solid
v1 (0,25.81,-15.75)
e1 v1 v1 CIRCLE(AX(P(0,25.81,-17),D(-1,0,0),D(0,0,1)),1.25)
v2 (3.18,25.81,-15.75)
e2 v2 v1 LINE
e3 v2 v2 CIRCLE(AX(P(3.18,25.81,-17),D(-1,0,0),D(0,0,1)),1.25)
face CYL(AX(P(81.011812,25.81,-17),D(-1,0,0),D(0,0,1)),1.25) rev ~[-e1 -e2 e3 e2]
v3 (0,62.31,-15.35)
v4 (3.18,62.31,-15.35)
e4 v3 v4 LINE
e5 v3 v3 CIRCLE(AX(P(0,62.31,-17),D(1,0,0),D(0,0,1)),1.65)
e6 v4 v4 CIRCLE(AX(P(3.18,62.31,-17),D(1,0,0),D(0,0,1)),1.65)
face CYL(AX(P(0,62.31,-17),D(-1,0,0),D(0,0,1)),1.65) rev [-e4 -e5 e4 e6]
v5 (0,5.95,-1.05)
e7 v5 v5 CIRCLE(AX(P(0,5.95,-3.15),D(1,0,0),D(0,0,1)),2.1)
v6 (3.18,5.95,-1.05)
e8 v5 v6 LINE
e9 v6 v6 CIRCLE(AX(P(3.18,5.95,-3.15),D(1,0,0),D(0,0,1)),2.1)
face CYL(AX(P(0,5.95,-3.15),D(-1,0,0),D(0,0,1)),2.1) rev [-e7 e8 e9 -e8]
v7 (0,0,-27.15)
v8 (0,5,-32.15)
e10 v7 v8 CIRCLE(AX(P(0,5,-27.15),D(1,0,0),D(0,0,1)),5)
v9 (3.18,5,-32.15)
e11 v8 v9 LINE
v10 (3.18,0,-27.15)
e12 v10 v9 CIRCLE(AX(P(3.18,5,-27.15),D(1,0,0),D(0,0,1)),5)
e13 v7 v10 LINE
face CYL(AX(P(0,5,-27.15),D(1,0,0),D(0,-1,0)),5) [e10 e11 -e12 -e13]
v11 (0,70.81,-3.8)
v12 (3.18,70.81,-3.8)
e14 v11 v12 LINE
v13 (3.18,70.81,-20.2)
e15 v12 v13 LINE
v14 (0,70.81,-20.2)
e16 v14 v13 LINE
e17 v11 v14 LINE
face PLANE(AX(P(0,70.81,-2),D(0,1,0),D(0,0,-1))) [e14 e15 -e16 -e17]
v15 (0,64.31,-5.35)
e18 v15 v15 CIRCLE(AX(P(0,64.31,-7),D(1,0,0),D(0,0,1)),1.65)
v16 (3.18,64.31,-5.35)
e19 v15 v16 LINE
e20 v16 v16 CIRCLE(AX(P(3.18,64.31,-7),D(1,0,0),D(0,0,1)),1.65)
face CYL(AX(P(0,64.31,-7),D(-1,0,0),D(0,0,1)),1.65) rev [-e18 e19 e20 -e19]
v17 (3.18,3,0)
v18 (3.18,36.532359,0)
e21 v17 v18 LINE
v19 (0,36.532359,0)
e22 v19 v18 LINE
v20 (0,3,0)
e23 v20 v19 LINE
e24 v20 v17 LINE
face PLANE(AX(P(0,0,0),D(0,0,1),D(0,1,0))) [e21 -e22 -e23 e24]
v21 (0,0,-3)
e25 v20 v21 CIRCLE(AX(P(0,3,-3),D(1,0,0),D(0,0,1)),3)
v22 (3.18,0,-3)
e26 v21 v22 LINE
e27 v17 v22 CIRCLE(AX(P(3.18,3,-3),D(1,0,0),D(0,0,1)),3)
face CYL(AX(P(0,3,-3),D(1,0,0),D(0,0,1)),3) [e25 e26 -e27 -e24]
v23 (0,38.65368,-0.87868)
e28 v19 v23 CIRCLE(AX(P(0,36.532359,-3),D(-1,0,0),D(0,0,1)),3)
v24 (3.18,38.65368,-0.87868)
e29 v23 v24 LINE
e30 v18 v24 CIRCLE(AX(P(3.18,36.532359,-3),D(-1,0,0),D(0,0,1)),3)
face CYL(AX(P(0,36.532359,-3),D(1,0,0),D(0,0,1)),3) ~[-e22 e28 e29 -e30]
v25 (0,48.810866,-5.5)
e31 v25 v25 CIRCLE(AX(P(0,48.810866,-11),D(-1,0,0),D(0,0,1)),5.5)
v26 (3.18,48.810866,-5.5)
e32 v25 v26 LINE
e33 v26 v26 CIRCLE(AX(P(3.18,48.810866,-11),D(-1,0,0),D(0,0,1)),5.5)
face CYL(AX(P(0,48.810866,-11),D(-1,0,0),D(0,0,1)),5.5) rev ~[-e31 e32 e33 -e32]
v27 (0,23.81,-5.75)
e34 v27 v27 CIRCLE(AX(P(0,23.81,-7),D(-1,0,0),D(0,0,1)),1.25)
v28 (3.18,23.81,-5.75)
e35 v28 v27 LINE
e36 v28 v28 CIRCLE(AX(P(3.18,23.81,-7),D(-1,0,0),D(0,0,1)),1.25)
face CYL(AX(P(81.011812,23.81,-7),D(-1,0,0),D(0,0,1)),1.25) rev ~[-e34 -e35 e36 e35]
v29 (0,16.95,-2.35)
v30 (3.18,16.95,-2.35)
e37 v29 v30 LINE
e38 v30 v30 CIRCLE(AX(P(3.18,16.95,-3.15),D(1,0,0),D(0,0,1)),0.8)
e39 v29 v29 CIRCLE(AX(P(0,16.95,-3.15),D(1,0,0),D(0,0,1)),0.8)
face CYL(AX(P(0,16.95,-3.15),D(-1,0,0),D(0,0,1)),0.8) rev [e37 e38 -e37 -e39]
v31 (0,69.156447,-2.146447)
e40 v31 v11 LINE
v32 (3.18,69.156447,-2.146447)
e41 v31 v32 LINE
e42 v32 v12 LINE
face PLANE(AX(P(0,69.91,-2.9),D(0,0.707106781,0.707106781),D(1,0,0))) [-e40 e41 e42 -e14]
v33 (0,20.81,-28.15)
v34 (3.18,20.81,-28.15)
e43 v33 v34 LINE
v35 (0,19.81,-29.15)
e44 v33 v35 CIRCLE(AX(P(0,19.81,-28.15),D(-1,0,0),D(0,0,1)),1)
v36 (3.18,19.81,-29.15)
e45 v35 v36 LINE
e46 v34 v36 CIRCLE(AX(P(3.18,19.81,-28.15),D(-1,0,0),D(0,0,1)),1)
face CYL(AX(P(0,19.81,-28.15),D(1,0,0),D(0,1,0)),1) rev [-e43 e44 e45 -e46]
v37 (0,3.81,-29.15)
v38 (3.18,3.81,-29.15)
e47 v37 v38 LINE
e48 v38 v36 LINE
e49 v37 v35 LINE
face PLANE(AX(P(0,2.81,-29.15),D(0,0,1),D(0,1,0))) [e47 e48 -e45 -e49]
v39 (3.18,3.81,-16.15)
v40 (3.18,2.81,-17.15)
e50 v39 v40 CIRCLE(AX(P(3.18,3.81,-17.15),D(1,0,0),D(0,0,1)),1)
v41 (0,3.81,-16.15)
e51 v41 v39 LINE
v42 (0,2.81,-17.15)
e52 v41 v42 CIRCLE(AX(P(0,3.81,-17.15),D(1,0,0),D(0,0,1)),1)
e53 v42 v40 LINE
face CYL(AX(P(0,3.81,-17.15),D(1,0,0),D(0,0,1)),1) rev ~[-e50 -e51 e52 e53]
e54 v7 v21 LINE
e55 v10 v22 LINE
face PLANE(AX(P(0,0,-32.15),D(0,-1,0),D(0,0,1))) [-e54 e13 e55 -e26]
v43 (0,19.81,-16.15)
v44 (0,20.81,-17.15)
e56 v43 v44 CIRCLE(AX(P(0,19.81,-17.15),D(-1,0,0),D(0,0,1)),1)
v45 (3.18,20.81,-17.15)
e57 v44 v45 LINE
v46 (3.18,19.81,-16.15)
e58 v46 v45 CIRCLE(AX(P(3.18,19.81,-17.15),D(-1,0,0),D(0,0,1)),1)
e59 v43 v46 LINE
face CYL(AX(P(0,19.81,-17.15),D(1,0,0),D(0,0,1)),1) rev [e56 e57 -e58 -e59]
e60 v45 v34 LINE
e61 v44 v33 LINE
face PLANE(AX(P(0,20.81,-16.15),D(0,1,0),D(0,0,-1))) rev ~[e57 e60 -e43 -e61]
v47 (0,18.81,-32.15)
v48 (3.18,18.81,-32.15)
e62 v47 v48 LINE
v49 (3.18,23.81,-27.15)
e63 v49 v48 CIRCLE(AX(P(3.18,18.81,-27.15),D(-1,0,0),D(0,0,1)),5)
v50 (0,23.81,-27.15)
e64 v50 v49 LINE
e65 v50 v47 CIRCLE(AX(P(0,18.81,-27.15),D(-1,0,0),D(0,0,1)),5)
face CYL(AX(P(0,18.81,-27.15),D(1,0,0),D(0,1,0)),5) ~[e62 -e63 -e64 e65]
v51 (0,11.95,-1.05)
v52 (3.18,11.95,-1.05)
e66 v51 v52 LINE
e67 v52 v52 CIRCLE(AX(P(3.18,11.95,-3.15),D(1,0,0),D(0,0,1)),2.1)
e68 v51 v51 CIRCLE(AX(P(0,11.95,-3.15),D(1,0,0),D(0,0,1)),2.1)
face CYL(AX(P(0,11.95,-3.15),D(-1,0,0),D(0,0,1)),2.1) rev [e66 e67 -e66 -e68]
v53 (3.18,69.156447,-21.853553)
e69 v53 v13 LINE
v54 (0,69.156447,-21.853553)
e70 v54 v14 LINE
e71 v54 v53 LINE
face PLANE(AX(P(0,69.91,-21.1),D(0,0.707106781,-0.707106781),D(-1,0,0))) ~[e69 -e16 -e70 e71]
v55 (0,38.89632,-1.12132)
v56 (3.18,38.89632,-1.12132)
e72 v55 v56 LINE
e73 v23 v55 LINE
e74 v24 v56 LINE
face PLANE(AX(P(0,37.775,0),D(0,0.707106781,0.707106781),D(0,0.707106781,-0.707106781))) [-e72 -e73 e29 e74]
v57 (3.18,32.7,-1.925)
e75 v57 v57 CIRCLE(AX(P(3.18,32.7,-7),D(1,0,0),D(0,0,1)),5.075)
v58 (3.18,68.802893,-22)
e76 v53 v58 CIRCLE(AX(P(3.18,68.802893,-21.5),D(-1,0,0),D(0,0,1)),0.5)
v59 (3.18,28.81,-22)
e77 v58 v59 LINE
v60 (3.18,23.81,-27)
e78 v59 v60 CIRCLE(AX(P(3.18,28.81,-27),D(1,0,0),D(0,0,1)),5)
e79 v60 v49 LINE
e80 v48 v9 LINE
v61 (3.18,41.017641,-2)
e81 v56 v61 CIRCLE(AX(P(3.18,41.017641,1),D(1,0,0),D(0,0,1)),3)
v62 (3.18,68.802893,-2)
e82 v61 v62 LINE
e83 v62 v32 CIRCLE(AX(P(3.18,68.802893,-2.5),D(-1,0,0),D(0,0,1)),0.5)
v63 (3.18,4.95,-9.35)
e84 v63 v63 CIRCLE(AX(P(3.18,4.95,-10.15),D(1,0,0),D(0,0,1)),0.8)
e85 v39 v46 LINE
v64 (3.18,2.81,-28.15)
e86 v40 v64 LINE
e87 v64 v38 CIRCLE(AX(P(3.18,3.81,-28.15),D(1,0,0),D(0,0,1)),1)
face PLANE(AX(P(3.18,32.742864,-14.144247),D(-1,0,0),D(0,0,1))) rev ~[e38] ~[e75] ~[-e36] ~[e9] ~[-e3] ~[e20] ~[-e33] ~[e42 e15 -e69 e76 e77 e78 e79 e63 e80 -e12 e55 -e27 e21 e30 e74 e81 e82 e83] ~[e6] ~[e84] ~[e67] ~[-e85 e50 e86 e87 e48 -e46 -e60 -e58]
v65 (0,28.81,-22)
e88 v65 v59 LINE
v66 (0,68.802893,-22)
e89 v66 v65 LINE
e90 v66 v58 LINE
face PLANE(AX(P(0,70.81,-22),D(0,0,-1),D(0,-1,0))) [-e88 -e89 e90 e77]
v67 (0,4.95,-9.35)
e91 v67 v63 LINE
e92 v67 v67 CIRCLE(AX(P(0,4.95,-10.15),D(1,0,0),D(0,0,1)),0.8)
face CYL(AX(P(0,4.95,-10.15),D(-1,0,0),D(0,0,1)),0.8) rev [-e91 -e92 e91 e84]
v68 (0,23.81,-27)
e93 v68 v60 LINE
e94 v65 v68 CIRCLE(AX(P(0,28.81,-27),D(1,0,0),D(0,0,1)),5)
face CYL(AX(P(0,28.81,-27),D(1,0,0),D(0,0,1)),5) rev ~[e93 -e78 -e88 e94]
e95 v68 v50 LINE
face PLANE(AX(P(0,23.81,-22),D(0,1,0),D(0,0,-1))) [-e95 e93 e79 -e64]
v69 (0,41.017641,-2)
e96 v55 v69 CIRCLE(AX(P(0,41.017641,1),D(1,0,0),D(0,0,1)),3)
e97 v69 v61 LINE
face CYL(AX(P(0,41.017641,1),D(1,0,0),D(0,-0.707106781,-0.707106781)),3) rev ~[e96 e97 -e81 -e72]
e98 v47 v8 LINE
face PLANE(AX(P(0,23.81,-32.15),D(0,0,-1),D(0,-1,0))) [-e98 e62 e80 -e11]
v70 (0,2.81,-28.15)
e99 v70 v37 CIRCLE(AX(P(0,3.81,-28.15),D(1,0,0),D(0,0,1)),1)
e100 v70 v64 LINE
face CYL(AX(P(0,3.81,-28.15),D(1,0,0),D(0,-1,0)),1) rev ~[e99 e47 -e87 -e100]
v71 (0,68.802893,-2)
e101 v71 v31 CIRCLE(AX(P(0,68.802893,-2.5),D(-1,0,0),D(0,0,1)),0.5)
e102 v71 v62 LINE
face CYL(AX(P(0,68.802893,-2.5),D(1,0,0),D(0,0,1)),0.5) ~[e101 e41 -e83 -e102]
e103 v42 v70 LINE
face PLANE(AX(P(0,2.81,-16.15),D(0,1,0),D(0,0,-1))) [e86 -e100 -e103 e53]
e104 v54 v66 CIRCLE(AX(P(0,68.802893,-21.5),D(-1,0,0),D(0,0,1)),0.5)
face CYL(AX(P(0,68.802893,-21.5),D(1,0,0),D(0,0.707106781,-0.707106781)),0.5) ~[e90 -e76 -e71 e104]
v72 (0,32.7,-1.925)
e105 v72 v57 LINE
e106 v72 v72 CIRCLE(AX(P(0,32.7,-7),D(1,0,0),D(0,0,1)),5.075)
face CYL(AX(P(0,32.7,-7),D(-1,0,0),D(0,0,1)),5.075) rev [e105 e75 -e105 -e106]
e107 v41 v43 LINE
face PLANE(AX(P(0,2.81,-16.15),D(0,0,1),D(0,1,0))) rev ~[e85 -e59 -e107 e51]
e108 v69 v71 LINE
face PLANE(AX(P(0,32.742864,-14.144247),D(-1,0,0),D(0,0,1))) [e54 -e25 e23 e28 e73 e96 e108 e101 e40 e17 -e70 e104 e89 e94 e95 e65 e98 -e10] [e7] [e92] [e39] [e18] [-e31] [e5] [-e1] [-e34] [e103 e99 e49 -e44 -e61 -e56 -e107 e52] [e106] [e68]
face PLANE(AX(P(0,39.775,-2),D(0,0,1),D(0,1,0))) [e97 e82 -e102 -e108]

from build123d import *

# Parameters (mm, degrees)
SKETCH1_R             = 5.075
SKETCH1_R_2           = 1.65
SKETCH1_R_3           = 2.1
SKETCH1_R_4           = 0.8
SKETCH1_W             = 13
SKETCH1_H             = 18
BOSS_EXTRUDE1_DEPTH   = 3.18
SKETCH3_R             = 5.5
CUT_EXTRUDE4_DEPTH    = 78.831812262
FILLET2_R             = 3
CHAMFER2_SIZE         = 1.8
FILLET4_R             = 0.5
M2_TAPPED_HOLE1_D     = 1.6
FILLET9_R             = 1
FILLET11_R            = 5
M3X0_5_TAPPED_HOLE1_D = 2.5


with BuildPart() as part:
    # Sketch1 → Boss-Extrude1 (new body)
    with BuildSketch(Plane(origin=(0, 0, 0), x_dir=(0, 0, -1), z_dir=(1, 0, 0))):
        Polygon((0, 0), (0, 37.775), (2, 39.775), (2, 70.81), (22, 70.81), (22, 23.81), (32.15, 23.81), (32.15, 0), align=None)
        with Locations(Location((7, 32.7, 0), (0, 0, 180))):
            Circle(SKETCH1_R, mode=Mode.SUBTRACT)
        with Locations(Location((7, 64.31, 0), (0, 0, 180))):
            Circle(SKETCH1_R_2, mode=Mode.SUBTRACT)
        with Locations(Location((17, 62.31, 0), (0, 0, 180))):
            Circle(SKETCH1_R_2, mode=Mode.SUBTRACT)
        with Locations(Location((3.15, 5.95, 0), (0, 0, 180))):
            Circle(SKETCH1_R_3, mode=Mode.SUBTRACT)
        with Locations(Location((3.15, 11.95, 0), (0, 0, 180))):
            Circle(SKETCH1_R_3, mode=Mode.SUBTRACT)
        with Locations(Location((10.15, 4.95, 0), (0, 0, 180))):
            Circle(SKETCH1_R_4, mode=Mode.SUBTRACT)
        with Locations(Location((3.15, 16.95, 0), (0, 0, 180))):
            Circle(SKETCH1_R_4, mode=Mode.SUBTRACT)
        with Locations((22.65, 11.81)):
            Rectangle(SKETCH1_W, SKETCH1_H, mode=Mode.SUBTRACT)
    extrude(amount=BOSS_EXTRUDE1_DEPTH)

    # Sketch3 → Cut-Extrude4 (cut, through all)
    with BuildSketch(Plane.ZY):
        with Locations((-11, 48.810865899)):
            Circle(SKETCH3_R)
    extrude(amount=-CUT_EXTRUDE4_DEPTH, mode=Mode.SUBTRACT)

    # Fillet2
    fillet2_edges = [part.edges().sort_by_distance(p)[0] for p in [
        (1.59, 0, 0),
        (1.59, 37.775, 0),
        (1.59, 39.775, -2),
    ]]
    fillet(fillet2_edges, radius=FILLET2_R)

    # Chamfer2
    chamfer2_edges = [part.edges().sort_by_distance(p)[0] for p in [
        (1.59, 70.81, -2),
        (1.59, 70.81, -22),
    ]]
    chamfer(chamfer2_edges, length=CHAMFER2_SIZE)

    # Fillet4
    fillet4_edges = [part.edges().sort_by_distance(p)[0] for p in [
        (1.59, 69.01, -22),
        (1.59, 69.01, -2),
    ]]
    fillet(fillet4_edges, radius=FILLET4_R)

    # M2 Tapped Hole1 (through all)
    with Locations(Plane(origin=(0, 16.95, -3.15), x_dir=(0, 0, -1), z_dir=(-1, 0, 0))):
        with Locations((0, 0), (7, 12)):
            Hole(M2_TAPPED_HOLE1_D / 2)

    # Fillet9
    fillet9_edges = [part.edges().sort_by_distance(p)[0] for p in [
        (1.59, 20.81, -16.15),
        (1.59, 2.81, -16.15),
        (1.59, 2.81, -29.15),
        (1.59, 20.81, -29.15),
    ]]
    fillet(fillet9_edges, radius=FILLET9_R)

    # Fillet11
    fillet11_edges = [part.edges().sort_by_distance(p)[0] for p in [
        (1.59, 23.81, -32.15),
        (1.59, 0, -32.15),
        (1.59, 23.81, -22),
    ]]
    fillet(fillet11_edges, radius=FILLET11_R)

    # M3x0.5 Tapped Hole1 (through all)
    with Locations(Plane(origin=(3.18, 0, 0), x_dir=(0, 0, -1), z_dir=(1, 0, 0))):
        with Locations((7, 23.81), (17, 25.81)):
            Hole(M3X0_5_TAPPED_HOLE1_D / 2)


solid = part.part
